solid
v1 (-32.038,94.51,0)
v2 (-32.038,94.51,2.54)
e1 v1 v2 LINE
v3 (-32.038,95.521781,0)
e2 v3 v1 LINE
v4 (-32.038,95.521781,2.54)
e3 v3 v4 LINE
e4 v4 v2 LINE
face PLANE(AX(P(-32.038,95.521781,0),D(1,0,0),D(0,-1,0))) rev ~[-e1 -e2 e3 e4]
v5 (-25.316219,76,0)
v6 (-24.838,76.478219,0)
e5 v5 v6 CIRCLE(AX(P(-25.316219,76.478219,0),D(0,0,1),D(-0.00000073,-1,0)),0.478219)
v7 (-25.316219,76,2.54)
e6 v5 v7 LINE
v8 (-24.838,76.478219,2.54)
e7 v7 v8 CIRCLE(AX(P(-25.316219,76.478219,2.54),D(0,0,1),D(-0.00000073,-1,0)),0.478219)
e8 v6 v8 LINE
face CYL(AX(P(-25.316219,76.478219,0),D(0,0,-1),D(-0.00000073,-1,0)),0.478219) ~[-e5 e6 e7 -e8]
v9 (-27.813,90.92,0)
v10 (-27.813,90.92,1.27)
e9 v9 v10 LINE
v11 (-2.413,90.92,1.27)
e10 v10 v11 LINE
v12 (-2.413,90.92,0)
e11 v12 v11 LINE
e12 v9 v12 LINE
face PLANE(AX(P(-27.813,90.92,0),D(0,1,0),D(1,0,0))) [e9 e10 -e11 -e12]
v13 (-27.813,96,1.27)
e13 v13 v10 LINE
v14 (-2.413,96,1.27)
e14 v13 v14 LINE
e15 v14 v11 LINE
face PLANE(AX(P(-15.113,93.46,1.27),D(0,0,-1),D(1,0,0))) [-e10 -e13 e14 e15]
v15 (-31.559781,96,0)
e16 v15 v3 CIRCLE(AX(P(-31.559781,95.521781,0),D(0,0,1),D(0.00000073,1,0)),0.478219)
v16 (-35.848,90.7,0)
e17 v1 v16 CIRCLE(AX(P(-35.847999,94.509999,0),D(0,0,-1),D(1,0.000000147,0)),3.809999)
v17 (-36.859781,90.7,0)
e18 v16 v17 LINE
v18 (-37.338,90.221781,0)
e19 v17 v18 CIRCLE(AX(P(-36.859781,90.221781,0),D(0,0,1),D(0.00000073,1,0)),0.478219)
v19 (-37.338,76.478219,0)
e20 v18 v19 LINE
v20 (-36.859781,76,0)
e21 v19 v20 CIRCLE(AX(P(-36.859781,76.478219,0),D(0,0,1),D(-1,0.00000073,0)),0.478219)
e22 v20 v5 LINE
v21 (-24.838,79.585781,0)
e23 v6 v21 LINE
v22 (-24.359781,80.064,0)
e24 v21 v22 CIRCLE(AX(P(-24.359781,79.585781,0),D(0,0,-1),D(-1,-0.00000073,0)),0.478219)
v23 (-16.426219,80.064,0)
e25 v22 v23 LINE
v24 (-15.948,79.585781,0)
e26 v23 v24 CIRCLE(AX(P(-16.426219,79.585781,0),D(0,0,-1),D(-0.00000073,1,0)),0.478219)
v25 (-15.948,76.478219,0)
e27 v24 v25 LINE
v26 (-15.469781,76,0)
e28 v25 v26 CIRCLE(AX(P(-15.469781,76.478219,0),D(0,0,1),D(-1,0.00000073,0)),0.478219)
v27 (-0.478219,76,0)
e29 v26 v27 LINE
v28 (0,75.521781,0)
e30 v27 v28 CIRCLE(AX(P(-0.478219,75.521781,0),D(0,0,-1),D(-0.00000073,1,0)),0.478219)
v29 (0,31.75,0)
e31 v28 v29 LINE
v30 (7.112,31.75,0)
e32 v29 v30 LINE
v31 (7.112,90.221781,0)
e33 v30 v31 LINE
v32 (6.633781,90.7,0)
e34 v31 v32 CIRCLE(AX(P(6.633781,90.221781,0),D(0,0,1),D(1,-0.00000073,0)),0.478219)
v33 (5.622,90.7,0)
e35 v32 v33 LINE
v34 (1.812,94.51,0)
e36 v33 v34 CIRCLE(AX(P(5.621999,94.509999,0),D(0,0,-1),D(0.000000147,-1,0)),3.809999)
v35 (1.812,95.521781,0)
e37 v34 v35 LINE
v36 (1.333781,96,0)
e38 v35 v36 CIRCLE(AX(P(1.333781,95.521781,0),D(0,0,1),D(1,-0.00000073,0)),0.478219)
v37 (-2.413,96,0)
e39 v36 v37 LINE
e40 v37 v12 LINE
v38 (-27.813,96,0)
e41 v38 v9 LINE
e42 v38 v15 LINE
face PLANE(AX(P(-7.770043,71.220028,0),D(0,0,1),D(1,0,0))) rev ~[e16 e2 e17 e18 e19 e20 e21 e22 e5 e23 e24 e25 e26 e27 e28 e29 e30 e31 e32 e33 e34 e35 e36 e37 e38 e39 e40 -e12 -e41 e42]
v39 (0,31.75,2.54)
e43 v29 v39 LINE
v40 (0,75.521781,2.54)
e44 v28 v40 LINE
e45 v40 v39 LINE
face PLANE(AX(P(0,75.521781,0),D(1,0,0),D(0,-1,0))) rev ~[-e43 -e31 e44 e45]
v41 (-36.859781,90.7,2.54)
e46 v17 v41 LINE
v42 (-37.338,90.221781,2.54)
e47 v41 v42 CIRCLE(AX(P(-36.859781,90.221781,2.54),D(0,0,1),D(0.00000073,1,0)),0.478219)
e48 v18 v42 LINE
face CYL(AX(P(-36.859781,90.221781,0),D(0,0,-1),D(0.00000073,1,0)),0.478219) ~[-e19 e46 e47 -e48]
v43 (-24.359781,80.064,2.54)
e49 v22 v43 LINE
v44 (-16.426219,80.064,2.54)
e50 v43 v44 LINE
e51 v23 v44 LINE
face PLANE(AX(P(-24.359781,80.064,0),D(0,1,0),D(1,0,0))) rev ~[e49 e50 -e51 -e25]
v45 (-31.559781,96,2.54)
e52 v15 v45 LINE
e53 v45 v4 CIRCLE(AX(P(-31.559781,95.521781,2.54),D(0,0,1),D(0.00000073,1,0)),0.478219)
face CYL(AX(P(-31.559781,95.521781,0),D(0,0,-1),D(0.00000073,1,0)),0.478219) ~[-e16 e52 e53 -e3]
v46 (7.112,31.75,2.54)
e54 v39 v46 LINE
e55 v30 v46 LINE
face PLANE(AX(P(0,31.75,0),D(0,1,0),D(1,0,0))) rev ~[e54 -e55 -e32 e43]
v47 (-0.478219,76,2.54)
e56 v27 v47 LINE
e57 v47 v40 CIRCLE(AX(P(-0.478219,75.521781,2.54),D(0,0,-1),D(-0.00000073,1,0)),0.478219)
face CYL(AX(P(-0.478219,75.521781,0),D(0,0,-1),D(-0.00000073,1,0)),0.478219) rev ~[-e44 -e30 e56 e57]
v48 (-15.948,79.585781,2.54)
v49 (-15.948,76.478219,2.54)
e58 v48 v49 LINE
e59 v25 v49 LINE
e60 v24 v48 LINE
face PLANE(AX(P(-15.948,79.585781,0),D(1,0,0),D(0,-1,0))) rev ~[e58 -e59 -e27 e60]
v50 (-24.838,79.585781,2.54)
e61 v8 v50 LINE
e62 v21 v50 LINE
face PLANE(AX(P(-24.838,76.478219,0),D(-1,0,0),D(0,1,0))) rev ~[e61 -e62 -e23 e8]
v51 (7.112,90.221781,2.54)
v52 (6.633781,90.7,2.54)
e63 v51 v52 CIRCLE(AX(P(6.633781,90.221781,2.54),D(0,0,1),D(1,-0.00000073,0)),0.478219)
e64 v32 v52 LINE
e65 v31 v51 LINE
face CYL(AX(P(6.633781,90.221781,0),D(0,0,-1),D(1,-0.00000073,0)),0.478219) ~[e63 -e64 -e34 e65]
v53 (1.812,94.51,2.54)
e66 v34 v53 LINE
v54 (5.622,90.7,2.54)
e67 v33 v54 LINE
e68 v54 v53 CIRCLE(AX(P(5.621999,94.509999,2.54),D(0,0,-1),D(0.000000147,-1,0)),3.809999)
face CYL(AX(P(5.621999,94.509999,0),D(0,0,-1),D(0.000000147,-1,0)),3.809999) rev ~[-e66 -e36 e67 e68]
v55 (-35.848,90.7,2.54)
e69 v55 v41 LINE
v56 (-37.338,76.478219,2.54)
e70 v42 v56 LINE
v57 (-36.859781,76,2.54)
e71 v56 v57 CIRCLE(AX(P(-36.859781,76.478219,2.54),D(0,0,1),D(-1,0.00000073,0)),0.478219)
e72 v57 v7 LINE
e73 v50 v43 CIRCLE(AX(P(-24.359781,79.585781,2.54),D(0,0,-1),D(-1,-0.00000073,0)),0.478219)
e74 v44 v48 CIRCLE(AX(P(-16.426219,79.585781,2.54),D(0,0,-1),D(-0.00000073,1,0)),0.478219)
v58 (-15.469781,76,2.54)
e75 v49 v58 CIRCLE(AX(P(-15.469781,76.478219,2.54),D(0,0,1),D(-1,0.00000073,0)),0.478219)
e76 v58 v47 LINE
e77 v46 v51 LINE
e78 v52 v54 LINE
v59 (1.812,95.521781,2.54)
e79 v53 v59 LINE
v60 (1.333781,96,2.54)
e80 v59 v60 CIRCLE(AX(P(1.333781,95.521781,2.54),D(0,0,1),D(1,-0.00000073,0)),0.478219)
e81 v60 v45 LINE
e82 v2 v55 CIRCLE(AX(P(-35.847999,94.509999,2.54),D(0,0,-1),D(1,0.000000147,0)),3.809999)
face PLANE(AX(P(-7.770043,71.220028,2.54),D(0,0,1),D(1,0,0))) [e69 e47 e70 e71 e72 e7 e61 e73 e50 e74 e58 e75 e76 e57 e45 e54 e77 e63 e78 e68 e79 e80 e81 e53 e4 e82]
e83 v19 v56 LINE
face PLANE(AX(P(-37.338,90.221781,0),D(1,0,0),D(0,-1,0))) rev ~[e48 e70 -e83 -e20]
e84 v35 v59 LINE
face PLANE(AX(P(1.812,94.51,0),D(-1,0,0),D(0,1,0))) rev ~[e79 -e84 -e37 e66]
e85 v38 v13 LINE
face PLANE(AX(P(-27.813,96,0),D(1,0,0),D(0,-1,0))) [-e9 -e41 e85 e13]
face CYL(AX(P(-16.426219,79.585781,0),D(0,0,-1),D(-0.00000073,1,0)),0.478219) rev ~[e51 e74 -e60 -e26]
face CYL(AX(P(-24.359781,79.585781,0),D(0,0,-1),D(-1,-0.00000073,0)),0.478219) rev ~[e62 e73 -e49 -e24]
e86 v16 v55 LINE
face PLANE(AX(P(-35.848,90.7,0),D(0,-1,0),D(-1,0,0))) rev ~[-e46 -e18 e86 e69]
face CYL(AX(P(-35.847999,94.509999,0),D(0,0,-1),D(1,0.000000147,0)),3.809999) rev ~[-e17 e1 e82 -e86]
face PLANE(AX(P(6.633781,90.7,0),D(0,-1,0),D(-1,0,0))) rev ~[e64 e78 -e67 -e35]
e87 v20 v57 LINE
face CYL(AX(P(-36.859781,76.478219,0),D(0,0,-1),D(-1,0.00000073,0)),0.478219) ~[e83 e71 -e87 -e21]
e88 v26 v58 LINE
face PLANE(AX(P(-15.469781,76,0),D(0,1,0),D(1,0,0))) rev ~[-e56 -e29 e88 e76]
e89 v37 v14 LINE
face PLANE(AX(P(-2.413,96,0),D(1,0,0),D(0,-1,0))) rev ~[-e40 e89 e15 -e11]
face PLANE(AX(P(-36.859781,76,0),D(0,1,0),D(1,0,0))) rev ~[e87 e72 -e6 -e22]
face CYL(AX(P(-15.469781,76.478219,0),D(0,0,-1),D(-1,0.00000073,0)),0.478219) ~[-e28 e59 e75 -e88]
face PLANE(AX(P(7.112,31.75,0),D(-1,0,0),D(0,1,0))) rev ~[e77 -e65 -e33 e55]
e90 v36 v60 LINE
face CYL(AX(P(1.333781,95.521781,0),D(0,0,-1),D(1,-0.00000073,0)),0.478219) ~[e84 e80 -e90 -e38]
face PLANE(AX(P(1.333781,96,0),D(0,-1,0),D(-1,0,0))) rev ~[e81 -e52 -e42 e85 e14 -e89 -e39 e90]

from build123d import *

# Parameters (mm, degrees)
F1_DEPTH = 2.54
F2_W     = 25.4
F2_H     = 5.08
F3_DEPTH = 1.27


with BuildPart() as f1:
    # F0 (on Top) → F1 (new body)
    with BuildSketch(Plane.XY):
        with BuildLine():
            Line((0, 75.521781), (0, 31.75))
            Line((0, 31.75), (7.112, 31.75))
            Line((7.112, 31.75), (7.112, 90.221781))
            ThreePointArc((7.112, 90.221781), (6.971933, 90.559933), (6.633781, 90.7))
            Line((6.633781, 90.7), (5.622, 90.7))
            ThreePointArc((5.622, 90.7), (2.927923, 91.815923), (1.812, 94.51))
            Line((1.812, 94.51), (1.812, 95.521781))
            ThreePointArc((1.812, 95.521781), (1.671933, 95.859933), (1.333781, 96))
            Line((1.333781, 96), (-31.559781, 96))
            ThreePointArc((-31.559781, 96), (-31.897933, 95.859933), (-32.038, 95.521781))
            Line((-32.038, 95.521781), (-32.038, 94.51))
            ThreePointArc((-32.038, 94.51), (-33.153923, 91.815923), (-35.848, 90.7))
            Line((-35.848, 90.7), (-36.859781, 90.7))
            ThreePointArc((-36.859781, 90.7), (-37.197933, 90.559933), (-37.338, 90.221781))
            Line((-37.338, 90.221781), (-37.338, 76.478219))
            ThreePointArc((-37.338, 76.478219), (-37.197933, 76.140067), (-36.859781, 76))
            Line((-36.859781, 76), (-25.316219, 76))
            ThreePointArc((-25.316219, 76), (-24.978067, 76.140067), (-24.838, 76.478219))
            Line((-24.838, 76.478219), (-24.838, 79.585781))
            ThreePointArc((-24.838, 79.585781), (-24.697933, 79.923933), (-24.359781, 80.064))
            Line((-24.359781, 80.064), (-16.426219, 80.064))
            ThreePointArc((-16.426219, 80.064), (-16.088067, 79.923933), (-15.948, 79.585781))
            Line((-15.948, 79.585781), (-15.948, 76.478219))
            ThreePointArc((-15.948, 76.478219), (-15.807933, 76.140067), (-15.469781, 76))
            Line((-15.469781, 76), (-0.478219, 76))
            ThreePointArc((-0.478219, 76), (-0.140067, 75.859933), (0, 75.521781))
        make_face()
    extrude(amount=F1_DEPTH)

    # F2 (on face) → F3 (cut)
    with BuildSketch(Plane(origin=(0, 0, 0), x_dir=(1, 0, 0), z_dir=(0, 0, -1))):
        with Locations((-15.113, -93.46)):
            Rectangle(F2_W, F2_H)
    extrude(amount=-F3_DEPTH, mode=Mode.SUBTRACT)


solid = f1.part
